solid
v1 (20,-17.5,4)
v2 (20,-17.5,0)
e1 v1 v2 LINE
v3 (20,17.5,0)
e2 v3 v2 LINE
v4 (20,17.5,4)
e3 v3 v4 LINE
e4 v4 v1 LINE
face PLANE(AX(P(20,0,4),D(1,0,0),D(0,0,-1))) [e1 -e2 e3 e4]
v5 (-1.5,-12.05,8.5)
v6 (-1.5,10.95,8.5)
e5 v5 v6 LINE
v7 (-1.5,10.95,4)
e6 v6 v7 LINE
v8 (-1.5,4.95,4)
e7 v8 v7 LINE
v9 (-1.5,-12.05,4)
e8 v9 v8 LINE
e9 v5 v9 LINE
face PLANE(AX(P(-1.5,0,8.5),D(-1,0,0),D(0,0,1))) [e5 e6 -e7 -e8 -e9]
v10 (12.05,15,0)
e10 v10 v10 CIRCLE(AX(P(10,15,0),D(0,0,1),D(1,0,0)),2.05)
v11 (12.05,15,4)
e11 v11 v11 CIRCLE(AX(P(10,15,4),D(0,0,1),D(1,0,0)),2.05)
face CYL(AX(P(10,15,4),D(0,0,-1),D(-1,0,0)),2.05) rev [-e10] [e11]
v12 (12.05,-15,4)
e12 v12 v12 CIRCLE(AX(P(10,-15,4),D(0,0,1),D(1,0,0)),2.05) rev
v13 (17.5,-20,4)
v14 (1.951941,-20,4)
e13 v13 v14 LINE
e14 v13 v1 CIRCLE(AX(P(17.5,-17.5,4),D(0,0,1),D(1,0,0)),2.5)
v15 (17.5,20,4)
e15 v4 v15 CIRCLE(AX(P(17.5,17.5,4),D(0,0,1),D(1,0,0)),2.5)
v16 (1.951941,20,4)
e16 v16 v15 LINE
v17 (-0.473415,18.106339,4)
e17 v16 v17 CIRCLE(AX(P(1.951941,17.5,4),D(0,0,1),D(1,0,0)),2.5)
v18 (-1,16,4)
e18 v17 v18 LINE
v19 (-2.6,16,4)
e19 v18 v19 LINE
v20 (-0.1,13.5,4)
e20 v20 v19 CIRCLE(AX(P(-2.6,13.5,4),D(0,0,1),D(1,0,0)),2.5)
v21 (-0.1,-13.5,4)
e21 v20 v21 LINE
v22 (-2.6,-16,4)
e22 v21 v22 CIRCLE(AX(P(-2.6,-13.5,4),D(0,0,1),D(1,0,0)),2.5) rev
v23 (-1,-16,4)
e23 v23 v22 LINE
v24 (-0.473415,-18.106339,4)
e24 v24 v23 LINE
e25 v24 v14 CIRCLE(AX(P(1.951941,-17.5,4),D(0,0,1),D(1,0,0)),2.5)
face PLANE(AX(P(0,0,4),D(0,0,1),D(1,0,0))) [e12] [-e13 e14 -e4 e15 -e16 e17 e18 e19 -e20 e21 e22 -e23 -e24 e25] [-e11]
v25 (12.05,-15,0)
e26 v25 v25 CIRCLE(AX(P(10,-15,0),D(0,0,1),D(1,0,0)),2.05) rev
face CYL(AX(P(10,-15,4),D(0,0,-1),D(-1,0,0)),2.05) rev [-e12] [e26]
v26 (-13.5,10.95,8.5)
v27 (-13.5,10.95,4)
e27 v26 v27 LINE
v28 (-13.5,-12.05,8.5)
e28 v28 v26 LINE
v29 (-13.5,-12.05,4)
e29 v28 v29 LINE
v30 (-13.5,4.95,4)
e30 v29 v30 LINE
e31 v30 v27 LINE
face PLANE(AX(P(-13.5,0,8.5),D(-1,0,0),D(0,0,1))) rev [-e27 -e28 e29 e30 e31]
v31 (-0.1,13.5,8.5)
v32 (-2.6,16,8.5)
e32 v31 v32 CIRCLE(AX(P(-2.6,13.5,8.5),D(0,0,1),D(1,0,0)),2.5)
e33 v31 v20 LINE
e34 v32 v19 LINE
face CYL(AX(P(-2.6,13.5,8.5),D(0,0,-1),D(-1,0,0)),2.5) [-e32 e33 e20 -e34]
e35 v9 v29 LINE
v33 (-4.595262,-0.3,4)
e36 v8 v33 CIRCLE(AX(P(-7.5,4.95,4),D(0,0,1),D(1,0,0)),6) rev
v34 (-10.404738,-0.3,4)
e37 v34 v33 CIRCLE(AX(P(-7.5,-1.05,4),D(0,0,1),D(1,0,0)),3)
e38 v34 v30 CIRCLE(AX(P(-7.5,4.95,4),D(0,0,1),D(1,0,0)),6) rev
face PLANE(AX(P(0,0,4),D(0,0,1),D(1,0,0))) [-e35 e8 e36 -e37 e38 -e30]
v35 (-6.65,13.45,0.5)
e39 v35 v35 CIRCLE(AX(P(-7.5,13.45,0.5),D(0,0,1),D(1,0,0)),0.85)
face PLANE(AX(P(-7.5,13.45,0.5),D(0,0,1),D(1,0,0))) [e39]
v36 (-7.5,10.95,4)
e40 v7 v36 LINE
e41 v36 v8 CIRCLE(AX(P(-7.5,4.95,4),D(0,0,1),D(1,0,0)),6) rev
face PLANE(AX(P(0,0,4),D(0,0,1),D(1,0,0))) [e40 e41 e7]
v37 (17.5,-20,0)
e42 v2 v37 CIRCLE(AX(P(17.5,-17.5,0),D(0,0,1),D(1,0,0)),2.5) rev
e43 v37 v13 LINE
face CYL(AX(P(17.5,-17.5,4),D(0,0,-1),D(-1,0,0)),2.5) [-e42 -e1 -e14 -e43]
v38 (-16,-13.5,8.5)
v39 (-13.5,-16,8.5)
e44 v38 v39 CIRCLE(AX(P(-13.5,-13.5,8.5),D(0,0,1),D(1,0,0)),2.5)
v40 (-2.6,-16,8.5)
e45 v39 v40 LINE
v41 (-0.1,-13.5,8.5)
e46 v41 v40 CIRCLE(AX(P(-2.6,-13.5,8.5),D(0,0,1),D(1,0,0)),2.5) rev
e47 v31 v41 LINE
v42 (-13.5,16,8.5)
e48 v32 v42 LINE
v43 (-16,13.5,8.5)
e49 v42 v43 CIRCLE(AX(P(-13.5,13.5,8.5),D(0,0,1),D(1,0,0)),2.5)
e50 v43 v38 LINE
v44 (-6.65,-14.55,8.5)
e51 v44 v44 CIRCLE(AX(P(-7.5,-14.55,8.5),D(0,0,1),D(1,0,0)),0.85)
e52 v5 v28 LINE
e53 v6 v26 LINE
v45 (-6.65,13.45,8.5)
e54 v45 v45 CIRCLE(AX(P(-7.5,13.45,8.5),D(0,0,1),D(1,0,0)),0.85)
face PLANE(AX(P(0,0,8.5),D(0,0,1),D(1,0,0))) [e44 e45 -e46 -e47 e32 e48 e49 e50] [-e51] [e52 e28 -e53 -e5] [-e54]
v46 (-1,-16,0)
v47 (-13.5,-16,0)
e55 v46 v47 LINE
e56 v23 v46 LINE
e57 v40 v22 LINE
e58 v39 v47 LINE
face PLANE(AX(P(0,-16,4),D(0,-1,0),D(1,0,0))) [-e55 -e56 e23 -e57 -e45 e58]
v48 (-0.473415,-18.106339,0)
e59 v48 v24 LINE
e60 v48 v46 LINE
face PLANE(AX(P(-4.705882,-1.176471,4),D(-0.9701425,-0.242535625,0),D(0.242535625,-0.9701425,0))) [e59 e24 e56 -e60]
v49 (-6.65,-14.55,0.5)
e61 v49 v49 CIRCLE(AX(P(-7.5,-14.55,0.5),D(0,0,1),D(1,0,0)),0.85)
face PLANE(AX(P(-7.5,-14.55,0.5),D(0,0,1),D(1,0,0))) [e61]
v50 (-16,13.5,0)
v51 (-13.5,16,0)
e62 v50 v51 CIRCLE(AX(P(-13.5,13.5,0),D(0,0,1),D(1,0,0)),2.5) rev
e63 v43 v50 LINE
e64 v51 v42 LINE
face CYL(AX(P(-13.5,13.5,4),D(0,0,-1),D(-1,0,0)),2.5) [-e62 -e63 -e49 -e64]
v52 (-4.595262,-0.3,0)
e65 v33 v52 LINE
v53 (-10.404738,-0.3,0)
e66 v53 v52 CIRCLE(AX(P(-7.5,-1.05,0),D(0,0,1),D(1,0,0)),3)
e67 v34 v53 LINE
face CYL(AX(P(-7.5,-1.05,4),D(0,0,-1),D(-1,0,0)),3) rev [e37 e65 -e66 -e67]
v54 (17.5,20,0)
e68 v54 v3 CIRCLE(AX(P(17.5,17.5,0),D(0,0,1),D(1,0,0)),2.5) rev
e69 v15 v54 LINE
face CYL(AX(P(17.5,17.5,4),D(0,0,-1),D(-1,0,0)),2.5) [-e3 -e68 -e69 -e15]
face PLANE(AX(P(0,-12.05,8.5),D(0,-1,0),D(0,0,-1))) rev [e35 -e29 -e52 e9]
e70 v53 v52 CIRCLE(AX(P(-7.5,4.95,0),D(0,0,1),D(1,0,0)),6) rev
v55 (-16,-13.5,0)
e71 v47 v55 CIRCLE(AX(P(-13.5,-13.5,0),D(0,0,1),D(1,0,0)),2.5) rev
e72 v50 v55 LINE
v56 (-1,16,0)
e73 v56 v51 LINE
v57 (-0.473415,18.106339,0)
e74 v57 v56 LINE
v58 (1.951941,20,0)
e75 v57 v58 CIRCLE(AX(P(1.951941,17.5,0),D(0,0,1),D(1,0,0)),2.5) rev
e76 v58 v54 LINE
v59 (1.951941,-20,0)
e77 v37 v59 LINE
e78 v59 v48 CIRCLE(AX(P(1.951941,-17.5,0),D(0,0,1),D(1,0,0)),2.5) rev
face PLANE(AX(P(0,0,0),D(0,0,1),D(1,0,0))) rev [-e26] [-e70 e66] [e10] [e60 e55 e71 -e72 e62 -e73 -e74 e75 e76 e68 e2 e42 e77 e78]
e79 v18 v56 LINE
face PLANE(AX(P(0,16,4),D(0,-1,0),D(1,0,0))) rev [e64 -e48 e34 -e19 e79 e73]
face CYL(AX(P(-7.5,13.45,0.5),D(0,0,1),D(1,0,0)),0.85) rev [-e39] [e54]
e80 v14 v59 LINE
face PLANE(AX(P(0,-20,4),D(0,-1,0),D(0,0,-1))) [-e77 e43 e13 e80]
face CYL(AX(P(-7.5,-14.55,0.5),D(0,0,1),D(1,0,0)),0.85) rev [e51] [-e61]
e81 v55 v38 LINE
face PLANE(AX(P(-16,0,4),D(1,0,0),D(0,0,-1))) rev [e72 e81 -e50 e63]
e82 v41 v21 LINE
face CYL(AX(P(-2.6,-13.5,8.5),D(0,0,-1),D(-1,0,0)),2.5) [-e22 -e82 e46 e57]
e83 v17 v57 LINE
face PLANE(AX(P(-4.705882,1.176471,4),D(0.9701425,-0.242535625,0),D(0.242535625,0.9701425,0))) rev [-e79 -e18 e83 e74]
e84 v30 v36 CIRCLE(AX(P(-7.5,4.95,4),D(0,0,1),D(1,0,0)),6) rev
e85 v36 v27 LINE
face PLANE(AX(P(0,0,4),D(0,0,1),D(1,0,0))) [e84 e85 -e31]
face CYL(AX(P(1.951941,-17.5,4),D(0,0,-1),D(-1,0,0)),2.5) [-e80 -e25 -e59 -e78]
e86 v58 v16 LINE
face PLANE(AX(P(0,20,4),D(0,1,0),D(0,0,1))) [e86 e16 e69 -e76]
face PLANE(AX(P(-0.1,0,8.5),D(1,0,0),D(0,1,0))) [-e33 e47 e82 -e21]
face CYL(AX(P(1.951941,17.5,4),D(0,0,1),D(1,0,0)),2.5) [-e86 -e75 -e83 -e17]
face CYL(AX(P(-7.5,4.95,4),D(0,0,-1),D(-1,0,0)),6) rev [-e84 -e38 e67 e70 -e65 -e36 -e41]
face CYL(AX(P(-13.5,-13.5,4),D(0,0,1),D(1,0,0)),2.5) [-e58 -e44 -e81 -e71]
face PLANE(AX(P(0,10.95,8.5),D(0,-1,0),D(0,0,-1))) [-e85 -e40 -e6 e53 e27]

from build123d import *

# Parameters (mm, degrees)
ESQUISSE1_R             = 2.05
BOSS_EXTRU_1_DEPTH      = 4
BOSS_EXTRU_2_DEPTH      = 4.5
ESQUISSE3_R             = 0.85
ENL_V_MAT_EXTRU_1_DEPTH = 8
CONG_1_R                = 2.5


with BuildPart() as part:
    # Esquisse1 → Boss.-Extru.1 (new body)
    with BuildSketch(Plane.XY):
        Polygon((0, 20), (20, 20), (20, -20), (0, -20), (-1, -16), (-16, -16), (-16, 16), (-1, 16), align=None)
        with Locations((10, 15)):
            Circle(ESQUISSE1_R, mode=Mode.SUBTRACT)
        with Locations((10, -15)):
            Circle(ESQUISSE1_R, mode=Mode.SUBTRACT)
        with BuildLine():
            ThreePointArc((-10.40473751, -0.3), (-7.5, 10.95), (-4.59526249, -0.3))
            ThreePointArc((-4.59526249, -0.3), (-7.5, -4.05), (-10.40473751, -0.3))
        make_face(mode=Mode.SUBTRACT)
    extrude(amount=BOSS_EXTRU_1_DEPTH)

    # Esquisse2 → Boss.-Extru.2 (add)
    with BuildSketch(Plane.XY.offset(4)):
        with BuildLine():
            Line((-0.1, -13.5), (-0.1, 13.5))
            ThreePointArc((-0.1, 13.5), (-0.832233047, 15.267766953), (-2.6, 16))
            Line((-2.6, 16), (-16, 16))
            Line((-16, 16), (-16, -16))
            Line((-16, -16), (-2.6, -16))
            ThreePointArc((-2.6, -16), (-0.832233047, -15.267766953), (-0.1, -13.5))
        make_face()
        Polygon((-1.5, 4.950000005), (-1.5, -12.05), (-13.5, -12.05), (-13.5, 4.95), (-13.5, 10.95), (-7.499999947, 10.95), (-1.5, 10.95), align=None, mode=Mode.SUBTRACT)
    extrude(amount=BOSS_EXTRU_2_DEPTH)

    # Esquisse3 → Enlèv. mat.-Extru.1 (cut)
    with BuildSketch(Plane.XY.offset(8.5)):
        with Locations((-7.5, 13.45)):
            Circle(ESQUISSE3_R)
        with Locations((-7.5, -14.55)):
            Circle(ESQUISSE3_R)
    extrude(amount=-ENL_V_MAT_EXTRU_1_DEPTH, mode=Mode.SUBTRACT)

    # Congé1
    cong_1_edges = [part.edges().sort_by_distance(p)[0] for p in [
        (-16, -16, 4.25),
        (-16, 16, 4.25),
        (0, 20, 2),
        (20, 20, 2),
        (20, -20, 2),
        (0, -20, 2),
    ]]
    fillet(cong_1_edges, radius=CONG_1_R)


solid = part.part
